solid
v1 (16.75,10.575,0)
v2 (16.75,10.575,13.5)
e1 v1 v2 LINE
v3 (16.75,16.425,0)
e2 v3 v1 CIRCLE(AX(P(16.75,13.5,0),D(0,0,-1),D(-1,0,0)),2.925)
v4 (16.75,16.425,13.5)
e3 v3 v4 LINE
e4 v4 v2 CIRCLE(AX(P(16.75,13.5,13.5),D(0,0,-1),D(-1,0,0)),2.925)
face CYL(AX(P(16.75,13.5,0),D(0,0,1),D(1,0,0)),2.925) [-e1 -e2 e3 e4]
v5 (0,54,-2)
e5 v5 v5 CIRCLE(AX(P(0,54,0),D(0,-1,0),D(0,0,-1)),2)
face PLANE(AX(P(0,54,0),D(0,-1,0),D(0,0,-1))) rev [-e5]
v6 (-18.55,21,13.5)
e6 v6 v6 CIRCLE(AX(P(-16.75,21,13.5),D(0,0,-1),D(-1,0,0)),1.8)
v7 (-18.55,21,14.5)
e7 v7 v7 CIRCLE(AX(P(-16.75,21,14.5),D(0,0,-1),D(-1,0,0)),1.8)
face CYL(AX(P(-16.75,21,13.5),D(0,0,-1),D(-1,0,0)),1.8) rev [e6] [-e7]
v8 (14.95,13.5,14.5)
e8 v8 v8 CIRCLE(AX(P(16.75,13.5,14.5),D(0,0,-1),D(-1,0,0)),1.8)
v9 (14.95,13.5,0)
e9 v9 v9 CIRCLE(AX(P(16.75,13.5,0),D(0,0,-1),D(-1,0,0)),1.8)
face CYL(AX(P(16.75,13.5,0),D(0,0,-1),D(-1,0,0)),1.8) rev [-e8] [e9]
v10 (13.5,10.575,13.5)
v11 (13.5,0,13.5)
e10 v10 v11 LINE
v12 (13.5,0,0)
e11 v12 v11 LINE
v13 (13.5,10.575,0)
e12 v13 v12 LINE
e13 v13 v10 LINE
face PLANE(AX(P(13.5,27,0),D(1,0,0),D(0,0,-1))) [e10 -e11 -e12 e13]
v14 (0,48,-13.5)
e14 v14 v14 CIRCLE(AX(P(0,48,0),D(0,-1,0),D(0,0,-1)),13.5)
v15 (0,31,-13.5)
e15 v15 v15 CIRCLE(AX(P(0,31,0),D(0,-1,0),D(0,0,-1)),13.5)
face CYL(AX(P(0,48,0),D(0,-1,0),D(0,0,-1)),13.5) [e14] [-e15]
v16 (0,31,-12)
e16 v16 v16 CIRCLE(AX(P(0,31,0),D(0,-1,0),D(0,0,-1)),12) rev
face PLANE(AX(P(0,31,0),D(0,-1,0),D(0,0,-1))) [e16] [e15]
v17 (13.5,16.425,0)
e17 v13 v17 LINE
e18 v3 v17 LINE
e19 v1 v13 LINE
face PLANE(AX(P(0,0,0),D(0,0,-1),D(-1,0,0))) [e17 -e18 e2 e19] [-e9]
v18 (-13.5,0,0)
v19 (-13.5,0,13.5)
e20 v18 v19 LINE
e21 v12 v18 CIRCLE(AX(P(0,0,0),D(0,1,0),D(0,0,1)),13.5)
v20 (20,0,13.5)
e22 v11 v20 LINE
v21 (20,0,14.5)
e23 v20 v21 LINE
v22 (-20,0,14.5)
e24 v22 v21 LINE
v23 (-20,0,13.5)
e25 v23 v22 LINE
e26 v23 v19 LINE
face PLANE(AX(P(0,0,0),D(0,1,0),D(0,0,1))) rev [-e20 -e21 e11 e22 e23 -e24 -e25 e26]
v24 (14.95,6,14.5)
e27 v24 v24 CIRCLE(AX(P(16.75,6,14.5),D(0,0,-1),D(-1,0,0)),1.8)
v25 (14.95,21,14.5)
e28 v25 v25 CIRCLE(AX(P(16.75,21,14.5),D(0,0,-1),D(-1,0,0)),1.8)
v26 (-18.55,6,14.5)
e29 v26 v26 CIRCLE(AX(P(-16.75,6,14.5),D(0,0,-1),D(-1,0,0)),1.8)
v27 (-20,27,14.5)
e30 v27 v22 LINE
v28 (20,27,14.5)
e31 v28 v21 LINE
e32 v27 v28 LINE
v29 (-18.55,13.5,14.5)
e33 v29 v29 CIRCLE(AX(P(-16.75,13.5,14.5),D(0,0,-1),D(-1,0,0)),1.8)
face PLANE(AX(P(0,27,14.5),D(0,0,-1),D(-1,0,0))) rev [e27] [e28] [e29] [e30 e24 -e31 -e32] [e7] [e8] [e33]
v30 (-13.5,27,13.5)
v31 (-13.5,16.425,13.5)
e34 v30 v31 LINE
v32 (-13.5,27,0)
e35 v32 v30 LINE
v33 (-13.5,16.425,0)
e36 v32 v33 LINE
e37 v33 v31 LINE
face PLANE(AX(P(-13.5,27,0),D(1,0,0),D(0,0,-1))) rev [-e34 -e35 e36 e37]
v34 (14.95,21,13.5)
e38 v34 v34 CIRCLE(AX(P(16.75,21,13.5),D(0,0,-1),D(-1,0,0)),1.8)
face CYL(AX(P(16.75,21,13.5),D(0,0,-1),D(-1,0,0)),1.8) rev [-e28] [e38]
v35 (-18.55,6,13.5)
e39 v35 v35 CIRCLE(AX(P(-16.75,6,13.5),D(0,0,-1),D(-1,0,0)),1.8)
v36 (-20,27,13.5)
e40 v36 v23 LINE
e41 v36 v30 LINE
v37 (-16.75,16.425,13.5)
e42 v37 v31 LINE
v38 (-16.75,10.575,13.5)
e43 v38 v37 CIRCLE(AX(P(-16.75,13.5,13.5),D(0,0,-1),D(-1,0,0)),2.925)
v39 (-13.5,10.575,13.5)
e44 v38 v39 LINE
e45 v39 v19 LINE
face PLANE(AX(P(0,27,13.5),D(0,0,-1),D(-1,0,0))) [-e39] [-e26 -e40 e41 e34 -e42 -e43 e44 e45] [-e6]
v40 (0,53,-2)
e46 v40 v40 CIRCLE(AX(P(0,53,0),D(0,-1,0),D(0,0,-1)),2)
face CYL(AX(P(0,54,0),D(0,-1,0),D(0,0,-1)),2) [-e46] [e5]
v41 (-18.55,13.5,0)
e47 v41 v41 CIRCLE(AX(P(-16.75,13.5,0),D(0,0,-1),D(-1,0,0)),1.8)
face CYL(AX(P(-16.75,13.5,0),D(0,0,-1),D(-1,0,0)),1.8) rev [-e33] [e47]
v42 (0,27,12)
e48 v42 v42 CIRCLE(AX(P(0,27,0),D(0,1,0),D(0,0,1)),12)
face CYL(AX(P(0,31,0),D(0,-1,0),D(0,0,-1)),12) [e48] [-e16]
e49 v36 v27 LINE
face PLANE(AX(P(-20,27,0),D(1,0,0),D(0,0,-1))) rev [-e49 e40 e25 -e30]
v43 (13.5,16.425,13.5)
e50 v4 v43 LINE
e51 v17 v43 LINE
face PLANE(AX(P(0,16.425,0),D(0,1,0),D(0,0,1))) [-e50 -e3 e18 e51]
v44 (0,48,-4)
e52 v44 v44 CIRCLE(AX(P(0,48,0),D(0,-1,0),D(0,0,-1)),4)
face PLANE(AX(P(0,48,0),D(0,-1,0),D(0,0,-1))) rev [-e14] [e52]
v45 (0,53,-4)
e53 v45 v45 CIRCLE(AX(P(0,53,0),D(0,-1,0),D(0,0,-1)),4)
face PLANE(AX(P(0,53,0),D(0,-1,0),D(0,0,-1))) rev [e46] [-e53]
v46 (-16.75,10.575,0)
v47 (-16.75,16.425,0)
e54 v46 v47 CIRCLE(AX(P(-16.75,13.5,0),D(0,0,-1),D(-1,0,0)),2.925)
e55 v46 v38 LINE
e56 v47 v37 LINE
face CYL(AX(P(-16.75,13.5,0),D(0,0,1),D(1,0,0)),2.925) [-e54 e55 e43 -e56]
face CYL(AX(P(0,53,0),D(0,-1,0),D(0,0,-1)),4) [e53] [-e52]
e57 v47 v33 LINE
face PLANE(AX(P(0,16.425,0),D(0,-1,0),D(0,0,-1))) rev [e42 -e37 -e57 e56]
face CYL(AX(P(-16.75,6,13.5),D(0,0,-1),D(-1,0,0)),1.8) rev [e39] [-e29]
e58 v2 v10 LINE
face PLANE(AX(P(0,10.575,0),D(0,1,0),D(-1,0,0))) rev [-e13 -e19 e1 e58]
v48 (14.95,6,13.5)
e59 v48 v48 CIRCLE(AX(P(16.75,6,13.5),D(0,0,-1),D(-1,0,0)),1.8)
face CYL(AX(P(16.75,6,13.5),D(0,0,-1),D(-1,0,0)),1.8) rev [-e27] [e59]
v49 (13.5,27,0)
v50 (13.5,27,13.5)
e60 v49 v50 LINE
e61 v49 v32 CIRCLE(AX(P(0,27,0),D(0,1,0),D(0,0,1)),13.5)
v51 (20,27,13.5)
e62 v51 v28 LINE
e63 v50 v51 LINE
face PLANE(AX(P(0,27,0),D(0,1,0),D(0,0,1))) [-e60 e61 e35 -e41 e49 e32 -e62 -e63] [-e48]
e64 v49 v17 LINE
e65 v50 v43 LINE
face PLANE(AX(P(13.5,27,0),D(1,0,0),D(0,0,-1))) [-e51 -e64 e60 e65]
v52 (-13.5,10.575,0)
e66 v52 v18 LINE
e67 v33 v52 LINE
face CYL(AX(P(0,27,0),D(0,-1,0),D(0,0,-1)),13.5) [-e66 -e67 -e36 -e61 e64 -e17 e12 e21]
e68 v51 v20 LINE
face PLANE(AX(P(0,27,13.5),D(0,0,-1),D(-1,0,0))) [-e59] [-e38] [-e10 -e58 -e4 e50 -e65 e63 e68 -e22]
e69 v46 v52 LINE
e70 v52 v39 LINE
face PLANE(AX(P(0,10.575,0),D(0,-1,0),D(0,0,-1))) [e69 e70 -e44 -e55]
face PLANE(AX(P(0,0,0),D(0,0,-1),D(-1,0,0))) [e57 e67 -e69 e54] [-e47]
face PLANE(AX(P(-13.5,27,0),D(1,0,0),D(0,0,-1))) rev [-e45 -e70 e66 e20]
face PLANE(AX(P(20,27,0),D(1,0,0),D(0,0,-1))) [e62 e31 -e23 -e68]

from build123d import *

# Parameters (mm, degrees)
SKETCH_1_R                   = 13.5
EXTRUDE_7_DEPTH              = 27
EXTRUDE_9_DEPTH              = 13.5
EXTRUDE_10_DEPTH             = 13.5
EXTRUDE_START                = -27
SKETCH_9_R                   = 12
EXTRUDE_11_DEPTH             = 4
EXTRUDE_START_2              = -31
SKETCH_10_R                  = 13.5
EXTRUDE_12_DEPTH             = 17
EXTRUDE_START_3              = -48
SKETCH_11_R                  = 4
EXTRUDE_13_DEPTH             = 5
EXTRUDE_START_4              = -53
SKETCH_12_R                  = 2
EXTRUDE_14_DEPTH             = 1
HOLE_WIZARD_M3_1_D           = 3.6
HOLE_WIZARD_M3_1_ON_FACE_2_D = 3.6


with BuildPart() as part:
    # ｽｹｯﾁ1 → ﾎﾞｽ - 押し出し7 (new body)
    with BuildSketch(Plane(origin=(0, 0, 0), x_dir=(1, 0, 0), z_dir=(0, 1, 0))):
        Circle(SKETCH_1_R)
        with BuildLine():
            Line((-13.5, -13.5), (0, -13.5))
            ThreePointArc((0, -13.5), (-9.545941546, -9.545941546), (-13.5, 0))
            Line((-13.5, 0), (-13.5, -13.5))
        make_face()
        with BuildLine():
            ThreePointArc((13.5, 0), (9.545941546, -9.545941546), (0, -13.5))
            Line((0, -13.5), (13.5, -13.5))
            Line((13.5, -13.5), (13.5, 0))
        make_face()
        Polygon((20, -13.5), (20, -14.5), (-20, -14.5), (-20, -13.5), (0, -13.5), align=None)
    extrude(amount=EXTRUDE_7_DEPTH)

    # ｽｹｯﾁ2 → ﾎﾞｽ - 押し出し9 (add)
    with BuildSketch(Plane(origin=(0, 0, 13.5), x_dir=(-1, 0, 0), z_dir=(0, 0, -1))):
        with BuildLine():
            Line((13.5, 10.575), (16.75, 10.575))
            ThreePointArc((16.75, 10.575), (19.675, 13.5), (16.75, 16.425))
            Line((16.75, 16.425), (13.5, 16.425))
            Line((13.5, 16.425), (13.5, 10.575))
        make_face()
    extrude(amount=EXTRUDE_9_DEPTH)

    # ｽｹｯﾁ3 → ﾎﾞｽ - 押し出し10 (add)
    with BuildSketch(Plane(origin=(0, 0, 13.5), x_dir=(-1, 0, 0), z_dir=(0, 0, -1))):
        with BuildLine():
            Line((-13.5, 16.425), (-16.75, 16.425))
            ThreePointArc((-16.75, 16.425), (-19.675, 13.5), (-16.75, 10.575))
            Line((-16.75, 10.575), (-13.5, 10.575))
            Line((-13.5, 10.575), (-13.5, 16.425))
        make_face()
    extrude(amount=EXTRUDE_10_DEPTH)

    # ｽｹｯﾁ9 → ﾎﾞｽ - 押し出し11 (add)
    with BuildSketch(Plane.XZ.offset(EXTRUDE_START)):
        with Locations(Location((0, 0, 0), (0, 0, 270))):
            Circle(SKETCH_9_R)
    extrude(amount=-EXTRUDE_11_DEPTH)

    # ｽｹｯﾁ10 → ﾎﾞｽ - 押し出し12 (add)
    with BuildSketch(Plane.XZ.offset(EXTRUDE_START_2)):
        with Locations(Location((0, 0, 0), (0, 0, 270))):
            Circle(SKETCH_10_R)
    extrude(amount=-EXTRUDE_12_DEPTH)

    # ｽｹｯﾁ11 → ﾎﾞｽ - 押し出し13 (add)
    with BuildSketch(Plane.XZ.offset(EXTRUDE_START_3)):
        with Locations(Location((0, 0, 0), (0, 0, 270))):
            Circle(SKETCH_11_R)
    extrude(amount=-EXTRUDE_13_DEPTH)

    # ｽｹｯﾁ12 → ﾎﾞｽ - 押し出し14 (add)
    with BuildSketch(Plane.XZ.offset(EXTRUDE_START_4)):
        with Locations(Location((0, 0, 0), (0, 0, 270))):
            Circle(SKETCH_12_R)
    extrude(amount=-EXTRUDE_14_DEPTH)

    # M3 すきま穴1 (through all)
    with Locations(Plane(origin=(16.75, 21, 13.5), x_dir=(-1, 0, 0), z_dir=(0, 0, -1))):
        with Locations((0, 0), (0, -15), (33.5, 0), (33.5, -15)):
            Hole(HOLE_WIZARD_M3_1_D / 2)

    # M3 すきま穴1 on face 2 (through all)
    with Locations(Plane(origin=(16.75, 13.5, 0), x_dir=(-1, 0, 0), z_dir=(0, 0, -1))):
        with Locations((0, 0), (33.5, 0)):
            Hole(HOLE_WIZARD_M3_1_ON_FACE_2_D / 2)


solid = part.part
